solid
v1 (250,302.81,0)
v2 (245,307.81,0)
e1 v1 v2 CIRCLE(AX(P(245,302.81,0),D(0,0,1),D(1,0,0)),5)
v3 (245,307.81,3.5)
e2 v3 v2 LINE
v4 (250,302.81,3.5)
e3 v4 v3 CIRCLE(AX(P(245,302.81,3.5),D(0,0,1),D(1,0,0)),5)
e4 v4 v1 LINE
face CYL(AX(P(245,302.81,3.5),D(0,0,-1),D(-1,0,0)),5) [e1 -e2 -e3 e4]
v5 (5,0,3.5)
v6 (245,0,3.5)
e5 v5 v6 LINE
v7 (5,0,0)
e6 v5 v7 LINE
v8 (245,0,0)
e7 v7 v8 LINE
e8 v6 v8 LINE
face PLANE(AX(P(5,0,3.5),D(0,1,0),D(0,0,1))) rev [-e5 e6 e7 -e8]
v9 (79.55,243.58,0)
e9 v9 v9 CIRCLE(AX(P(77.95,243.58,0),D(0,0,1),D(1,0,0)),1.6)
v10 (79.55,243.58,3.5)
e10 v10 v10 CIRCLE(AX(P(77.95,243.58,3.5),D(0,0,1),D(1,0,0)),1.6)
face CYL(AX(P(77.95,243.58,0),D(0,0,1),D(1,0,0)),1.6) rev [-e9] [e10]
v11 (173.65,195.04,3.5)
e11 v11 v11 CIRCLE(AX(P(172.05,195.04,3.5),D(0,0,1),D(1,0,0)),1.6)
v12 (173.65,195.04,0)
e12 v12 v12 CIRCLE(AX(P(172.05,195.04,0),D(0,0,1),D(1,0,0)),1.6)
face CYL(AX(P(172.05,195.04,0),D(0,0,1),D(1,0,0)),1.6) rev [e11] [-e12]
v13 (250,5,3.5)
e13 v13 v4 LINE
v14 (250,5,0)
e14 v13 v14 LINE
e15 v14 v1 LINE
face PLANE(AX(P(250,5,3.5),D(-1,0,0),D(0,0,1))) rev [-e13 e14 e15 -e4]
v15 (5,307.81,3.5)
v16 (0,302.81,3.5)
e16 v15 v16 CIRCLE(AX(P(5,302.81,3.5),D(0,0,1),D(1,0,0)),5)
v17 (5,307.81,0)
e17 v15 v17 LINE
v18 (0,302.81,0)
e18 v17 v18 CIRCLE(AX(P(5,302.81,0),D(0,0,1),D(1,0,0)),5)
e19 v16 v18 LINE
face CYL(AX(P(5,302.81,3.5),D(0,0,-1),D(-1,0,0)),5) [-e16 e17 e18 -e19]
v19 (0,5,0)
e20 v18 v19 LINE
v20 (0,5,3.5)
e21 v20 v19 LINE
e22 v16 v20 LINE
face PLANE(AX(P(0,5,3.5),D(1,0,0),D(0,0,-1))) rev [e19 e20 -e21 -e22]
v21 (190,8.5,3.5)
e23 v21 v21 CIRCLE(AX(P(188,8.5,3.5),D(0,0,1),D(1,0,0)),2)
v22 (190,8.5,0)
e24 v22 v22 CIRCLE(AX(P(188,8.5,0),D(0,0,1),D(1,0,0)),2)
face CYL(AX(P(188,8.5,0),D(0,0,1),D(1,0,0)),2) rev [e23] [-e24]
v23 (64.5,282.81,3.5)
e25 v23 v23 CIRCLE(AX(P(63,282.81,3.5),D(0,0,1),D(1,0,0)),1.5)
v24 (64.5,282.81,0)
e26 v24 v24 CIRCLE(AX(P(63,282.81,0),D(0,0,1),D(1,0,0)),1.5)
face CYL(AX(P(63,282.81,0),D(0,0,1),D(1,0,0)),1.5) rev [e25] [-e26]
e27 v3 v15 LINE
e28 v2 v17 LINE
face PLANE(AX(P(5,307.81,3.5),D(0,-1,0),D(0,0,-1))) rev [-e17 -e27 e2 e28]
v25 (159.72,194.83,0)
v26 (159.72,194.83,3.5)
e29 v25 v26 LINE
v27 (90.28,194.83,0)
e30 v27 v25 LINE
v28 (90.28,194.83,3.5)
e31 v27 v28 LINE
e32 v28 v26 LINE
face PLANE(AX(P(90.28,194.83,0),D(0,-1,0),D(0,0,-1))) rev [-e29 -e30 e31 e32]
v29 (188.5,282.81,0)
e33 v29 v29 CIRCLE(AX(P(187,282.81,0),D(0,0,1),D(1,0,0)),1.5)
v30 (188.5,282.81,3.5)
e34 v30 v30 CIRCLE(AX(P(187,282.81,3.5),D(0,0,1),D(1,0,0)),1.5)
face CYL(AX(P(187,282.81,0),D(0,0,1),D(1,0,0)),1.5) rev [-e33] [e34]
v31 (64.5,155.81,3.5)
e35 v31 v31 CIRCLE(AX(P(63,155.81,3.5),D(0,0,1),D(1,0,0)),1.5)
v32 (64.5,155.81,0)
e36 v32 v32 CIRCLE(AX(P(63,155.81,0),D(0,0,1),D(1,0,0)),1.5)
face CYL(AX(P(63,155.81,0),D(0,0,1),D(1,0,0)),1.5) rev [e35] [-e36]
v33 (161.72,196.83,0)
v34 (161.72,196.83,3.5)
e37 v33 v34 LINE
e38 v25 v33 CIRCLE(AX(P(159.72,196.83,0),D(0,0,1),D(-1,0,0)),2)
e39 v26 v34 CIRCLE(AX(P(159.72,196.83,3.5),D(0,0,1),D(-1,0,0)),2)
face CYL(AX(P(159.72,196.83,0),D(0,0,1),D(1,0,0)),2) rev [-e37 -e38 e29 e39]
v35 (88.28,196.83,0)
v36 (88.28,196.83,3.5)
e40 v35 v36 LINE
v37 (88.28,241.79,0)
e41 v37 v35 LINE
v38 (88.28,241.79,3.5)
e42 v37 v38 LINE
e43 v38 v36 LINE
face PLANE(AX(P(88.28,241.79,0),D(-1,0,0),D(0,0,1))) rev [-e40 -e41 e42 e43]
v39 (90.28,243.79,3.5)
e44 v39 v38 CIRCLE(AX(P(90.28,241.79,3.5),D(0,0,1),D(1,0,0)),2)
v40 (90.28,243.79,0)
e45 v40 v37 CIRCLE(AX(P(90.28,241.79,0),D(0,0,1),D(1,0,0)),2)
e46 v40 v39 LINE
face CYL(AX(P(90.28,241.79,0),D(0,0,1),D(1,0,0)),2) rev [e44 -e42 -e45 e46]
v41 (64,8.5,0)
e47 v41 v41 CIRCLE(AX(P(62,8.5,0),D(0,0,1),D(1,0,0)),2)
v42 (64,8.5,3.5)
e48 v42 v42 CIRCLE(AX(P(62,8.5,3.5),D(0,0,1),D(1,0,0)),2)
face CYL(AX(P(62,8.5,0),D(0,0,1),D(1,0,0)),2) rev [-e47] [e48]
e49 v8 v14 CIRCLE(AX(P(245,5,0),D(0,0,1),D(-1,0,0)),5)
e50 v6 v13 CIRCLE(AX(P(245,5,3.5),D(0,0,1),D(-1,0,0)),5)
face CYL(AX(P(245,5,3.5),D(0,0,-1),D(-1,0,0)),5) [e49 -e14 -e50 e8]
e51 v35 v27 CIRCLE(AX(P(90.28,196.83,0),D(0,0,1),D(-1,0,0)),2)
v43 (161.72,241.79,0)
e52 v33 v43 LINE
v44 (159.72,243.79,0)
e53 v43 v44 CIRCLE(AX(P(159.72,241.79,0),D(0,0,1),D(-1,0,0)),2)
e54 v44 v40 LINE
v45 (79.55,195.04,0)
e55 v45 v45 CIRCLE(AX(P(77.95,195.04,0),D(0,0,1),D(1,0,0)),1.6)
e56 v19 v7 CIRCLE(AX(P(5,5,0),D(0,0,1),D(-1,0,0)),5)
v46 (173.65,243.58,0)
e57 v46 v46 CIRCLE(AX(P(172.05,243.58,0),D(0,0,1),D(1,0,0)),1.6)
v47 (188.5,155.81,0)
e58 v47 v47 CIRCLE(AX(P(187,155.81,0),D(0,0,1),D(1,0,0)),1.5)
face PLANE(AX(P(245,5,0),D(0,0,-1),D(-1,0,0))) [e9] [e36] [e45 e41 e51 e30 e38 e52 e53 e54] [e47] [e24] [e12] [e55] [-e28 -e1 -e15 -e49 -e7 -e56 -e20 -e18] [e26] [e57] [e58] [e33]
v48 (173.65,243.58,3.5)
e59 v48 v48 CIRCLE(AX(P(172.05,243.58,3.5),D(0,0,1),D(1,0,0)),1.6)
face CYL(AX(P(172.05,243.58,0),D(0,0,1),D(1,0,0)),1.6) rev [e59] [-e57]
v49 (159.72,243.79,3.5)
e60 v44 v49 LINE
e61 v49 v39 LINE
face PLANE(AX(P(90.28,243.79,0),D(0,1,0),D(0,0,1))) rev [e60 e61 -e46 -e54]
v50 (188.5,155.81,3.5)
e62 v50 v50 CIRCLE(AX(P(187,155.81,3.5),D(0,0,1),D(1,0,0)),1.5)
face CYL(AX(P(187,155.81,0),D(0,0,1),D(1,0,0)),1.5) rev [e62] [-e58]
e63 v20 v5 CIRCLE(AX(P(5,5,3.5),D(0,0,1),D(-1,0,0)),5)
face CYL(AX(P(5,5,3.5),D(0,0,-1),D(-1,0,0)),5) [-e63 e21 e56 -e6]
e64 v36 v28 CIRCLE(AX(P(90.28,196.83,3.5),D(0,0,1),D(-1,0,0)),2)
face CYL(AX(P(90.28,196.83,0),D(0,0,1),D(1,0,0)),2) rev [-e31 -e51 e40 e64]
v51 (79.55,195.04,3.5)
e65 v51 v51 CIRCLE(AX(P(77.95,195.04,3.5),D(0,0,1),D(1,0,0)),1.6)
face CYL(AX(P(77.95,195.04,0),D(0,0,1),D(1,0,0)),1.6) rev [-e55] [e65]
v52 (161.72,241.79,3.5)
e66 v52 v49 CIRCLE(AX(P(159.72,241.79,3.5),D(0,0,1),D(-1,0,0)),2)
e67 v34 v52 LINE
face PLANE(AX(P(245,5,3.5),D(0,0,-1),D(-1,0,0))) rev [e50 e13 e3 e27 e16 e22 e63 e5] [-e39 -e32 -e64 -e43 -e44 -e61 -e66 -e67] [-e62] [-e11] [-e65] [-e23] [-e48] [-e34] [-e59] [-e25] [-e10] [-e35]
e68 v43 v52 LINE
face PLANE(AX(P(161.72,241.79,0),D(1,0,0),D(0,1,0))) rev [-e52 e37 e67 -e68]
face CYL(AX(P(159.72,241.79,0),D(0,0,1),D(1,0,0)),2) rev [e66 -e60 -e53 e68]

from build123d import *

# Parameters (mm, degrees)
BOSS_EXTRU_1_DEPTH      = 3.5
ESQUISSE2_R             = 2
ENL_V_MAT_EXTRU_1_DEPTH = 397.559259254
ESQUISSE3_R             = 1.5
ESQUISSE3_R_2           = 1.6
ENL_V_MAT_EXTRU_2_DEPTH = 397.559259254
ENL_V_MAT_EXTRU_3_DEPTH = 397.559259254


with BuildPart() as part:
    # Esquisse1 → Boss.-Extru.1 (new body)
    with BuildSketch(Plane.XY):
        with BuildLine():
            Line((5, 0), (245, 0))
            ThreePointArc((245, 0), (248.535533906, 1.464466094), (250, 5))
            Line((250, 5), (250, 302.81))
            ThreePointArc((250, 302.81), (248.535533906, 306.345533906), (245, 307.81))
            Line((245, 307.81), (5, 307.81))
            ThreePointArc((5, 307.81), (1.464466094, 306.345533906), (0, 302.81))
            Line((0, 302.81), (0, 5))
            ThreePointArc((0, 5), (1.464466094, 1.464466094), (5, 0))
        make_face()
    extrude(amount=BOSS_EXTRU_1_DEPTH)

    # Esquisse2 → Enlèv. mat.-Extru.1 (cut, through all)
    with BuildSketch(Plane.XY.offset(3.5)):
        with Locations((62, 8.5)):
            Circle(ESQUISSE2_R)
        with Locations((188, 8.5)):
            Circle(ESQUISSE2_R)
    extrude(amount=-ENL_V_MAT_EXTRU_1_DEPTH, mode=Mode.SUBTRACT)

    # Esquisse3 → Enlèv. mat.-Extru.2 (cut, through all)
    with BuildSketch(Plane.XY.offset(3.5)):
        with Locations((63, 155.81)):
            Circle(ESQUISSE3_R)
        with Locations((63, 282.81)):
            Circle(ESQUISSE3_R)
        with Locations((187, 282.81)):
            Circle(ESQUISSE3_R)
        with Locations((187, 155.81)):
            Circle(ESQUISSE3_R)
        with Locations((77.95, 243.58)):
            Circle(ESQUISSE3_R_2)
        with Locations((172.05, 243.58)):
            Circle(ESQUISSE3_R_2)
        with Locations((77.95, 195.04)):
            Circle(ESQUISSE3_R_2)
        with Locations((172.05, 195.04)):
            Circle(ESQUISSE3_R_2)
    extrude(amount=-ENL_V_MAT_EXTRU_2_DEPTH, mode=Mode.SUBTRACT)

    # Esquisse4 → Enlèv. mat.-Extru.3 (cut, through all)
    with BuildSketch(Plane.XY.offset(3.5)):
        with BuildLine():
            Line((90.28, 243.79), (159.72, 243.79))
            ThreePointArc((159.72, 243.79), (161.134213562, 243.204213562), (161.72, 241.79))
            Line((161.72, 241.79), (161.72, 196.83))
            ThreePointArc((161.72, 196.83), (161.134213562, 195.415786438), (159.72, 194.83))
            Line((159.72, 194.83), (90.28, 194.83))
            ThreePointArc((90.28, 194.83), (88.865786438, 195.415786438), (88.28, 196.83))
            Line((88.28, 196.83), (88.28, 241.79))
            ThreePointArc((88.28, 241.79), (88.865786438, 243.204213562), (90.28, 243.79))
        make_face()
    extrude(amount=-ENL_V_MAT_EXTRU_3_DEPTH, mode=Mode.SUBTRACT)


solid = part.part
